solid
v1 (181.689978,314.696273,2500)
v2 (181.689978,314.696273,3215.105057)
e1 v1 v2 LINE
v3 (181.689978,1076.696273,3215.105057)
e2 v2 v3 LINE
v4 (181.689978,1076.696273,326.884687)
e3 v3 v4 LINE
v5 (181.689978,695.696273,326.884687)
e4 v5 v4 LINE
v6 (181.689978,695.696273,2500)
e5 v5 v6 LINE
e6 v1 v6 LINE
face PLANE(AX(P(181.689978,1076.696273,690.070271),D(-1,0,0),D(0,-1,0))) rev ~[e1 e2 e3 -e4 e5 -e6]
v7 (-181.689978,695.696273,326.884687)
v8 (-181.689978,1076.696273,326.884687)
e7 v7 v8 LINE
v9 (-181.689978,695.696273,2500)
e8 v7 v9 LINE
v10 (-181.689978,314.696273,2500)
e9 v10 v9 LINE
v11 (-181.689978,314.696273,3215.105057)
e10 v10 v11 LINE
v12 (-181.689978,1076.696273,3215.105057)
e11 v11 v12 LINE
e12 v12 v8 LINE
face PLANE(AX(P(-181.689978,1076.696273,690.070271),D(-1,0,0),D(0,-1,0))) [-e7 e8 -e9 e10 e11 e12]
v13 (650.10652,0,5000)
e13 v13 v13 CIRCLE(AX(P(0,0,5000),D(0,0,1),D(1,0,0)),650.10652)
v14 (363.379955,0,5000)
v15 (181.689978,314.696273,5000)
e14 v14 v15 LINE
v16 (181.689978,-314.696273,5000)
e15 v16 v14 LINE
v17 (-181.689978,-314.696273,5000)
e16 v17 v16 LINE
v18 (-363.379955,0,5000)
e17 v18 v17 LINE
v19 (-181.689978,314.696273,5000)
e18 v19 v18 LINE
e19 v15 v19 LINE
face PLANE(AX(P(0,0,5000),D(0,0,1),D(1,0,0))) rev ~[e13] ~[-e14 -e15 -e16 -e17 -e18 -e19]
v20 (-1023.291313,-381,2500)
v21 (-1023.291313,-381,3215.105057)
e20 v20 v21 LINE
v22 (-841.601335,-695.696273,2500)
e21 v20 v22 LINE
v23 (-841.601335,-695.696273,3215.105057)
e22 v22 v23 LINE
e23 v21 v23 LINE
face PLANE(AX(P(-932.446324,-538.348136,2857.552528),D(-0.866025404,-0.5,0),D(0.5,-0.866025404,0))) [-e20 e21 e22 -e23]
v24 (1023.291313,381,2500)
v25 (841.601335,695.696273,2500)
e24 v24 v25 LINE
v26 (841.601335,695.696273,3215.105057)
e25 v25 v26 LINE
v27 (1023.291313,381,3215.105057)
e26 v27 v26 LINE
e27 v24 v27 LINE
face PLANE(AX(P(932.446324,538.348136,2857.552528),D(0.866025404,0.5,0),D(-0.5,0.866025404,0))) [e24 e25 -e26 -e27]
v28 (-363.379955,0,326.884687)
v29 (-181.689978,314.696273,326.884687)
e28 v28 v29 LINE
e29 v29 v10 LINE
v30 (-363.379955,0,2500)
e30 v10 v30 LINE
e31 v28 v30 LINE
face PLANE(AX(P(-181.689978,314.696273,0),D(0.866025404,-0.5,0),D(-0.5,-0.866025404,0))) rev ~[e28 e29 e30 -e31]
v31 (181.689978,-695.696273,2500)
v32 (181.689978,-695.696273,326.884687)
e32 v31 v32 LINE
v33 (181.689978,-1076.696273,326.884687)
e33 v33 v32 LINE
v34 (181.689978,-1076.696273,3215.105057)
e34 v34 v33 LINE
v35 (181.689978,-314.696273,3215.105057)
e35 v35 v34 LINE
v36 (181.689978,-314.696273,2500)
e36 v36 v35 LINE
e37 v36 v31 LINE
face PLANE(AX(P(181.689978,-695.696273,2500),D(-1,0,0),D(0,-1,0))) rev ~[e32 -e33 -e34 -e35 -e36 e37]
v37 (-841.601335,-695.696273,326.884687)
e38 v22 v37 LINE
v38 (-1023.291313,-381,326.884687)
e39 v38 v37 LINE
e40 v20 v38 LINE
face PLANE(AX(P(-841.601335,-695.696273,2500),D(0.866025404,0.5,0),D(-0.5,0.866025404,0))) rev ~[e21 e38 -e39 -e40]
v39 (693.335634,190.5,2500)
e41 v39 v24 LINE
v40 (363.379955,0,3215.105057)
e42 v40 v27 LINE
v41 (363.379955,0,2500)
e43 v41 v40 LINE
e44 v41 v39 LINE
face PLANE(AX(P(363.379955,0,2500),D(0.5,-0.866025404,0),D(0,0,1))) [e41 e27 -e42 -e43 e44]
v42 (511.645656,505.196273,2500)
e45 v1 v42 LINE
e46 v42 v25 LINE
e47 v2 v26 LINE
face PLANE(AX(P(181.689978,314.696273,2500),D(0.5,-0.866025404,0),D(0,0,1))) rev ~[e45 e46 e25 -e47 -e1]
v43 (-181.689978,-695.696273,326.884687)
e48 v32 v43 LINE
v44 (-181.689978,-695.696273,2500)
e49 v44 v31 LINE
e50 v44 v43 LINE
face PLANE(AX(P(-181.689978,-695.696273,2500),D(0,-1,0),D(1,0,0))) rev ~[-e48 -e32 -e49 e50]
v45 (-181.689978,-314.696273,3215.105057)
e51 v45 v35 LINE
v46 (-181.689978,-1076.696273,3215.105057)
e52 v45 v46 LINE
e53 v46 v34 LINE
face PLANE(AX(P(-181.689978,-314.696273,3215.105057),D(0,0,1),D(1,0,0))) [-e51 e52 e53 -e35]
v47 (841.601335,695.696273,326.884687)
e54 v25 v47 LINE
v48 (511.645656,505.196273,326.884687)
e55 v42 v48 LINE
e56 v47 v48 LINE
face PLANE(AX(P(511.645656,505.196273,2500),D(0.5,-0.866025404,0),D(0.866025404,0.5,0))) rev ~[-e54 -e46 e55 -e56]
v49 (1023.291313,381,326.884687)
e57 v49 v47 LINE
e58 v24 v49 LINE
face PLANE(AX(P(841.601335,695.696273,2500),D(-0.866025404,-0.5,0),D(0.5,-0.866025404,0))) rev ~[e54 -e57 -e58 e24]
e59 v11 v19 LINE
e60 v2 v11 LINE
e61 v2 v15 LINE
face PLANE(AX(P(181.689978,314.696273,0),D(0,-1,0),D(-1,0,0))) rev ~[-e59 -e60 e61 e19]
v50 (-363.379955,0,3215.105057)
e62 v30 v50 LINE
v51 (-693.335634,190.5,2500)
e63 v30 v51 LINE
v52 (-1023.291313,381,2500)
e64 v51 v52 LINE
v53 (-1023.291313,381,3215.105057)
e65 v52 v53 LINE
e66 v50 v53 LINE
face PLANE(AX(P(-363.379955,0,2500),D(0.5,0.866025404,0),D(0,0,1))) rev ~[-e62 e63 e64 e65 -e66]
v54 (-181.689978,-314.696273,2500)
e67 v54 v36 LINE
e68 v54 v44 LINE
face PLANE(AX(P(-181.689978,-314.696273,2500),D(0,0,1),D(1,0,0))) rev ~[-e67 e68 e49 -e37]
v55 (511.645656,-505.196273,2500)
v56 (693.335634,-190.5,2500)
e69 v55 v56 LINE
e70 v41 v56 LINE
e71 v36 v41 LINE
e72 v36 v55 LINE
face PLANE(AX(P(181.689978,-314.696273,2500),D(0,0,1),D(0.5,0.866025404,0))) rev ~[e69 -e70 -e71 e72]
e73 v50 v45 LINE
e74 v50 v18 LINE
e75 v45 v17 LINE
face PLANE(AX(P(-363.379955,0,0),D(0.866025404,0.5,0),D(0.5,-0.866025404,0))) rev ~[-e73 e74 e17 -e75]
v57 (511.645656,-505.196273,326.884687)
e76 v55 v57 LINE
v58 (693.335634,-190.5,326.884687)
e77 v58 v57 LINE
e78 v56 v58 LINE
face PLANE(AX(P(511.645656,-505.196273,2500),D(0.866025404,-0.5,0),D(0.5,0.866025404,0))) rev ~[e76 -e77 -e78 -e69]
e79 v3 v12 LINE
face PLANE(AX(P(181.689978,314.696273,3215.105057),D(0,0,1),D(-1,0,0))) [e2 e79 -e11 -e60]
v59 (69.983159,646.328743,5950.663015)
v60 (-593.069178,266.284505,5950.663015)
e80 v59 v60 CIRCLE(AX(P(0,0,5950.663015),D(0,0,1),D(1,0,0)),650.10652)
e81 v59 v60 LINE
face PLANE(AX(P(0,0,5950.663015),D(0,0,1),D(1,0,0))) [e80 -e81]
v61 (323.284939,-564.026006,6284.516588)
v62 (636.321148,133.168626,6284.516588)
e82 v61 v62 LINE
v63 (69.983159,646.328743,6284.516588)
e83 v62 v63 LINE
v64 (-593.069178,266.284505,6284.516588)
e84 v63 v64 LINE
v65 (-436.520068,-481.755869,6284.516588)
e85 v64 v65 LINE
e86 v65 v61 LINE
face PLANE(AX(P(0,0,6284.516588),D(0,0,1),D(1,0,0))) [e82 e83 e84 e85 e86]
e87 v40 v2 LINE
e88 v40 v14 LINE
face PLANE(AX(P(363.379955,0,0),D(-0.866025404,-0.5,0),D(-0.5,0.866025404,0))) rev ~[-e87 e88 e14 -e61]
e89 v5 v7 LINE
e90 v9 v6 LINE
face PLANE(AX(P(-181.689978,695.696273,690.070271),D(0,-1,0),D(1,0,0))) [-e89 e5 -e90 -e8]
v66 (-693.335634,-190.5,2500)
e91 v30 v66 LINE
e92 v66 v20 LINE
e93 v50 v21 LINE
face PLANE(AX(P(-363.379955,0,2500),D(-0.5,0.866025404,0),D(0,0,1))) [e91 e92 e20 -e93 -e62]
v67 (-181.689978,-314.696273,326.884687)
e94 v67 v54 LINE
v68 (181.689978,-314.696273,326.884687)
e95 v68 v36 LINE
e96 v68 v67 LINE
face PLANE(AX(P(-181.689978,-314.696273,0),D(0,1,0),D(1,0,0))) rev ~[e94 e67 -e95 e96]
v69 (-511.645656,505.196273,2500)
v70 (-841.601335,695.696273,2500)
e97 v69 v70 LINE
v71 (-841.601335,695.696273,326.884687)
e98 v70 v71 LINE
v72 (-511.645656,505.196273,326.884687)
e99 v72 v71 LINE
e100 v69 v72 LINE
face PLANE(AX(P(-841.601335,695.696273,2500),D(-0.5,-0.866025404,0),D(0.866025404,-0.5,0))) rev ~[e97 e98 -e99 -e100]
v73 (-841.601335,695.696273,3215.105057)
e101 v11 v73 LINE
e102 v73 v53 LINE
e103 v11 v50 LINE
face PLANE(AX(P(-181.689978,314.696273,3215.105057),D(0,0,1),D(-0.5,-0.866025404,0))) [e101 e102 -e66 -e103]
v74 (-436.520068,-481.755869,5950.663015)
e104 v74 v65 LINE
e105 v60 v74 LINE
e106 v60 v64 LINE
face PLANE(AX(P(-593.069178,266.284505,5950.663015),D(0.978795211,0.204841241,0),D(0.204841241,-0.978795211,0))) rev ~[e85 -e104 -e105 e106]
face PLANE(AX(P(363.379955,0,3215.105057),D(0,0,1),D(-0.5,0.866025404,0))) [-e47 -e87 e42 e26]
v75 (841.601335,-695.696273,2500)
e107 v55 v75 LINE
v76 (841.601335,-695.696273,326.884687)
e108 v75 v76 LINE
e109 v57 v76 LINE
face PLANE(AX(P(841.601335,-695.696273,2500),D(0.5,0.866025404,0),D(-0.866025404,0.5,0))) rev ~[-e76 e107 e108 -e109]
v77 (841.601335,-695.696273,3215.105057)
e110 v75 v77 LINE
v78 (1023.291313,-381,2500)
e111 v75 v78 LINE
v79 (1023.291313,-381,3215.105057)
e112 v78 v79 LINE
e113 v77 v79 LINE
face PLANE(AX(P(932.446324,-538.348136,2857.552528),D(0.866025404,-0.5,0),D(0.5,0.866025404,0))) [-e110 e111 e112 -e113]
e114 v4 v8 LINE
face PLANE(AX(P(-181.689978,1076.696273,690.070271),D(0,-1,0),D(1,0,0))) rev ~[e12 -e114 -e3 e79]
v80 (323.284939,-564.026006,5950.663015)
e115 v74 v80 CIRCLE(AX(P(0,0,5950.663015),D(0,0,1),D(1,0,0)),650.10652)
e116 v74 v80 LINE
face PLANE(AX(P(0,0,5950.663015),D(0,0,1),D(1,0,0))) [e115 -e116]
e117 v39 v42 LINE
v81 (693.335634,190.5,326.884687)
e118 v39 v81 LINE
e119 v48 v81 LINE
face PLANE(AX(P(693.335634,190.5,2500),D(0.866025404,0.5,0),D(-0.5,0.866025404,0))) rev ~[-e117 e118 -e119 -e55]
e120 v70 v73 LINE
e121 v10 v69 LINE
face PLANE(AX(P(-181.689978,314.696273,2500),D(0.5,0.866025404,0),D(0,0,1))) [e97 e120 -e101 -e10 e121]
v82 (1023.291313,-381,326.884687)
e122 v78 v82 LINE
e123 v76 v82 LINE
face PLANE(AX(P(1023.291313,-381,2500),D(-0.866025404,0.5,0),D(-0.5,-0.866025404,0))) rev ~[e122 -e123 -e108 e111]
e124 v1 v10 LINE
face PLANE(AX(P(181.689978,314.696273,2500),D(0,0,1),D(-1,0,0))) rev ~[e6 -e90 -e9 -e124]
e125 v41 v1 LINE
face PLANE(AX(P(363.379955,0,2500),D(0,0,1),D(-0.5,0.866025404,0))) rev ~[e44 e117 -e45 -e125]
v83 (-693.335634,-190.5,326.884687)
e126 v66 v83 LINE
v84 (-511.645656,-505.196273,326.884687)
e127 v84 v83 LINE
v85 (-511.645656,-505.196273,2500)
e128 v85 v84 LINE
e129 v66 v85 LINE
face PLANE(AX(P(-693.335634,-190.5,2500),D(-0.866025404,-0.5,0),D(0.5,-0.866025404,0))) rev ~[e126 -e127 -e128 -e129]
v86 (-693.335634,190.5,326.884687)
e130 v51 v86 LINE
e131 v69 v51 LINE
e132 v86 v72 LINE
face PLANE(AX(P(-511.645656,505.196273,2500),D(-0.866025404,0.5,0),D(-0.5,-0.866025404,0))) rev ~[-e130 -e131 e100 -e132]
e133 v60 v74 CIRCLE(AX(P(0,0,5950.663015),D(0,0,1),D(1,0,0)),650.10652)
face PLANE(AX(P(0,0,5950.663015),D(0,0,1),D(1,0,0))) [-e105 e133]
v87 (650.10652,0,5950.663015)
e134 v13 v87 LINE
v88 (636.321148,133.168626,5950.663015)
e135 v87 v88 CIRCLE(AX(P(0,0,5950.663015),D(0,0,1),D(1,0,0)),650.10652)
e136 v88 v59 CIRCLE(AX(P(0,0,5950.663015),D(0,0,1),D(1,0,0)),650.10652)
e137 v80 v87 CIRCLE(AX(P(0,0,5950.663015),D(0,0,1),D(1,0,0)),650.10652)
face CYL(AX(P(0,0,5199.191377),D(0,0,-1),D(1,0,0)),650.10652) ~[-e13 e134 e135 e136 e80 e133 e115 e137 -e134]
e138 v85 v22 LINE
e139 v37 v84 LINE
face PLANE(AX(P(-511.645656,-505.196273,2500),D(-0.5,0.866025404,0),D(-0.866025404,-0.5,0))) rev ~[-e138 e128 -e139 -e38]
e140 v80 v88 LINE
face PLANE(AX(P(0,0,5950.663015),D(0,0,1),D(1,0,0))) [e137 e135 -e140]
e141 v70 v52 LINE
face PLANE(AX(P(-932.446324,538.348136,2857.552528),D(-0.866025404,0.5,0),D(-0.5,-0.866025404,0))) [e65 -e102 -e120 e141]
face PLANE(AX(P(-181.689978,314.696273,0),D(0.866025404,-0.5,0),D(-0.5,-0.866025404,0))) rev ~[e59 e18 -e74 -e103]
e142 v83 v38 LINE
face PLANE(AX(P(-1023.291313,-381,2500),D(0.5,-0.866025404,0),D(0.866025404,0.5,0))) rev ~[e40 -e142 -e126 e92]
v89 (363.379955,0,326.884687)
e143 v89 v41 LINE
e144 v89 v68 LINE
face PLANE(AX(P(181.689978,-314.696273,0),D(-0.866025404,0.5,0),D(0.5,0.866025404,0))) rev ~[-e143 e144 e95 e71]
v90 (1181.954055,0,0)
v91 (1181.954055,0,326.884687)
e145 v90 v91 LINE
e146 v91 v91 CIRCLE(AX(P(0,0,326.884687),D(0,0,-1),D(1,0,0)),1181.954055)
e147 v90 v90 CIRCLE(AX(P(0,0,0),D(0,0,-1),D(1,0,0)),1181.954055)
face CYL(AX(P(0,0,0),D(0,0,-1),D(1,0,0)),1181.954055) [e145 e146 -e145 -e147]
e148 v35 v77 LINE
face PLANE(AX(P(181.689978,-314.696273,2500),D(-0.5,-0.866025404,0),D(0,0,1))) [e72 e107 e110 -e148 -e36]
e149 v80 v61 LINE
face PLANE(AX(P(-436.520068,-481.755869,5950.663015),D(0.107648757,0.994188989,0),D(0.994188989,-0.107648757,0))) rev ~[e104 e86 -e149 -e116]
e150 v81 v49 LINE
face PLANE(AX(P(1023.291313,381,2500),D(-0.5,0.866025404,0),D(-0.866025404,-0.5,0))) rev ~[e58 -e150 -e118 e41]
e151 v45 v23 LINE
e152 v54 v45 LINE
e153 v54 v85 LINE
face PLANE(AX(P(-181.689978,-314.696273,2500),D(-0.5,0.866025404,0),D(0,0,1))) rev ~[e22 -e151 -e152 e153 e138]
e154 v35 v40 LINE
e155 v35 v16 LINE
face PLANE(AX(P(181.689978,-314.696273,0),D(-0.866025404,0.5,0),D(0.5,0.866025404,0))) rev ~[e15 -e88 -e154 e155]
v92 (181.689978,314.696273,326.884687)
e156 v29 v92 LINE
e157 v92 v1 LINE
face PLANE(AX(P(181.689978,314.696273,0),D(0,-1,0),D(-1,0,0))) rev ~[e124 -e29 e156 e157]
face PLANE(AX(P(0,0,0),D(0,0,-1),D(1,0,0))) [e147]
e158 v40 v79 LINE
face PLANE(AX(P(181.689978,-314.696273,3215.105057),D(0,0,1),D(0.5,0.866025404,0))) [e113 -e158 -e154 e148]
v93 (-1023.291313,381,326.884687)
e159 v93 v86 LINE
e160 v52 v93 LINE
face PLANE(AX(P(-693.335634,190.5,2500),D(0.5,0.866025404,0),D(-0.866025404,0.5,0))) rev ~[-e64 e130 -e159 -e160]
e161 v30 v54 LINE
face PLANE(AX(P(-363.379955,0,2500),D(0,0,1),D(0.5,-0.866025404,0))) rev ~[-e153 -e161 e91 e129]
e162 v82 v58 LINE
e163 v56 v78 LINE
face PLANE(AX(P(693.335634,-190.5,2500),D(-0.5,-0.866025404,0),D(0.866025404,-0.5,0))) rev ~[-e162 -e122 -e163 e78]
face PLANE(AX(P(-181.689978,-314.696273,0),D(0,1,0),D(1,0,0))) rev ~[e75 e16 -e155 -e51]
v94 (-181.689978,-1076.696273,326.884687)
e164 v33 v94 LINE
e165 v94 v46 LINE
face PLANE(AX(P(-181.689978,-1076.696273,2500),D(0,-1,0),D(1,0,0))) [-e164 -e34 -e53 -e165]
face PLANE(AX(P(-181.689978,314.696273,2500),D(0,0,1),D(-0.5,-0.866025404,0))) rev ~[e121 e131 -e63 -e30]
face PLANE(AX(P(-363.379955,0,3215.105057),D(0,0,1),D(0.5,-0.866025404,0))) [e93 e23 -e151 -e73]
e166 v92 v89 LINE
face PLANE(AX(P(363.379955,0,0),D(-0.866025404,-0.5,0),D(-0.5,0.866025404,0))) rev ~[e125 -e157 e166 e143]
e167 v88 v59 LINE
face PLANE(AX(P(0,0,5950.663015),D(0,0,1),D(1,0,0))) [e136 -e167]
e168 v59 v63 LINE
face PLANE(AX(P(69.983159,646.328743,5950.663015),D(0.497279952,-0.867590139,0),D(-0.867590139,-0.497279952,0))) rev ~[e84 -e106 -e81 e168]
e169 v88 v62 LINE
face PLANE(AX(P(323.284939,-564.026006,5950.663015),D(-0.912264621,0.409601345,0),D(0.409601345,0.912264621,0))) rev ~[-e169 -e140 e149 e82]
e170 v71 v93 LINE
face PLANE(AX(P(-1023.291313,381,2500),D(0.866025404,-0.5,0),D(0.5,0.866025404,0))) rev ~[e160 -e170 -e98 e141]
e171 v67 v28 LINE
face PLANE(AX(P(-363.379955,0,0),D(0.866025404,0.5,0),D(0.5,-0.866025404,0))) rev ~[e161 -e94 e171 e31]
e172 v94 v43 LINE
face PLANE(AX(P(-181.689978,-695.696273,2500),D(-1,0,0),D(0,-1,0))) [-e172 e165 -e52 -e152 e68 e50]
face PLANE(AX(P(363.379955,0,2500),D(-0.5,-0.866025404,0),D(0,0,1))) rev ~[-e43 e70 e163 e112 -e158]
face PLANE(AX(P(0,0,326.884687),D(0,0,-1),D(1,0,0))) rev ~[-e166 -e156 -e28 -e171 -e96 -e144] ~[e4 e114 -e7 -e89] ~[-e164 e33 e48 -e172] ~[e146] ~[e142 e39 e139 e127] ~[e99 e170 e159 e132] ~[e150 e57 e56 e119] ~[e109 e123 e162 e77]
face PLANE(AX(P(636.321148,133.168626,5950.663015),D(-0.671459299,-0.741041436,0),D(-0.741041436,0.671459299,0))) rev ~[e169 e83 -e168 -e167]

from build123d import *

# Parameters (mm, degrees)
F1_DEPTH  = 5000
F2_R      = 650.1065196221
F3_DEPTH  = 199.1913765669
F4_W      = 363.3799552917
F4_H      = 715.1050567627
F5_DEPTH  = 762
F6_W      = 363.3799552917
F6_H      = 715.1050567627
F7_DEPTH  = 762
F8_W      = 363.3799552917
F8_H      = 715.1050567627
F9_DEPTH  = 762
F10_W     = 363.3799552917
F10_H     = 715.1050567627
F11_DEPTH = 762
F12_W     = 363.3799552917
F12_H     = 715.1050567627
F13_DEPTH = 762
F14_W     = 363.3799552917
F14_H     = 715.1050567627
F15_DEPTH = 762
F16_R     = 1181.954054991
F17_DEPTH = 326.8846869469
F18_W     = 363.3799552917
F18_H     = 381
F19_DEPTH = 1809.929728508
F22_W     = 363.3799552917
F22_H     = 381
F24_DEPTH = 2253.7569999695
F25_DEPTH = 666.8158769608
F27_DEPTH = 2417.5355434418
F28_DEPTH = 751.4716386795
F30_DEPTH = 333.853572607


with BuildPart() as f1:
    # F0 (on Top) → F1 (new body)
    with BuildSketch(Plane.XY):
        Polygon((181.6899776459, -314.6962725087), (363.3799552917, 0), (181.6899776459, 314.6962725087), (-181.6899776459, 314.6962725087), (-363.3799552917, 0), (-181.6899776459, -314.6962725087), align=None)
    extrude(amount=F1_DEPTH)

    # F2 (on face) → F3 (join)
    with BuildSketch(Plane.XY.offset(5000)):
        Circle(F2_R)
    extrude(amount=F3_DEPTH)

    # F4 (on face) → F5 (join)
    with BuildSketch(Plane(origin=(272.5349664688, -157.3481362544, 0), x_dir=(0.5, 0.8660254038, 0), z_dir=(0.8660254038, -0.5, 0))):
        with Locations((0, 2857.5525283813)):
            Rectangle(F4_W, F4_H)
    extrude(amount=F5_DEPTH)

    # F6 (on face) → F7 (join)
    with BuildSketch(Plane(origin=(272.5349664688, 157.3481362544, 0), x_dir=(-0.5, 0.8660254038, 0), z_dir=(0.8660254038, 0.5, 0))):
        with Locations((0, 2857.5525283813)):
            Rectangle(F6_W, F6_H)
    extrude(amount=F7_DEPTH)

    # F8 (on face) → F9 (join)
    with BuildSketch(Plane(origin=(0, 314.6962725087, 0), x_dir=(-1, 0, 0), z_dir=(0, 1, 0))):
        with Locations((0, 2857.5525283813)):
            Rectangle(F8_W, F8_H)
    extrude(amount=F9_DEPTH)

    # F10 (on face) → F11 (join)
    with BuildSketch(Plane(origin=(-272.5349664688, 157.3481362544, 0), x_dir=(-0.5, -0.8660254038, 0), z_dir=(-0.8660254038, 0.5, 0))):
        with Locations((0, 2857.5525283813)):
            Rectangle(F10_W, F10_H)
    extrude(amount=F11_DEPTH)

    # F12 (on face) → F13 (join)
    with BuildSketch(Plane.XZ.offset(314.6962725087)):
        with Locations((0, 2857.5525283813)):
            Rectangle(F12_W, F12_H)
    extrude(amount=F13_DEPTH)

    # F14 (on face) → F15 (join)
    with BuildSketch(Plane(origin=(-272.5349664688, -157.3481362544, 0), x_dir=(0.5, -0.8660254038, 0), z_dir=(-0.8660254038, -0.5, 0))):
        with Locations((0, 2857.5525283813)):
            Rectangle(F14_W, F14_H)
    extrude(amount=F15_DEPTH)

    # F16 (on face) → F17 (join)
    with BuildSketch(Plane(origin=(0, 0, 0), x_dir=(1, 0, 0), z_dir=(0, 0, -1))):
        Circle(F16_R)
    extrude(amount=-F17_DEPTH)

    # F18 (on face) → F19 (join)
    with BuildSketch(Plane(origin=(0, 0, 2500), x_dir=(1, 0, 0), z_dir=(0, 0, -1))):
        with Locations((0, -886.1962725087)):
            Rectangle(F18_W, F18_H)
    extrude(amount=F19_DEPTH)

    # F20 (on face) + F23 (on face) + F22 (on face) + F21 (on face) → F24 (join)
    with BuildSketch(Plane(origin=(0, 0, 2500), x_dir=(1, 0, 0), z_dir=(0, 0, -1))):
        Polygon((1023.2913129755, -381), (693.3356341336, -190.5), (511.6456564877, -505.1962725087), (841.6013353296, -695.6962725087), align=None)
    with BuildSketch(Plane(origin=(0, 0, 2500), x_dir=(1, 0, 0), z_dir=(0, 0, -1))):
        Polygon((-693.3356341336, 190.5), (-511.6456564877, 505.1962725087), (-841.6013353296, 695.6962725087), (-1023.2913129755, 381), align=None)
    with BuildSketch(Plane(origin=(0, 0, 2500), x_dir=(1, 0, 0), z_dir=(0, 0, -1))):
        with Locations((0, 886.1962725087)):
            Rectangle(F22_W, F22_H)
    with BuildSketch(Plane(origin=(0, 0, 2500), x_dir=(1, 0, 0), z_dir=(0, 0, -1))):
        Polygon((841.6013353296, 695.6962725087), (511.6456564877, 505.1962725087), (693.3356341336, 190.5), (1023.2913129755, 381), align=None)
    extrude(amount=F24_DEPTH)

    # F25 (add): a face of the model
    f25_faces = [f1.faces().sort_by_distance(p)[0] for p in [
        (0, 886.1962725087, 690.070271492),
    ]]
    extrude(f25_faces, amount=F25_DEPTH)

    # F26 (on face) → F27 (join)
    with BuildSketch(Plane(origin=(0, 0, 2500), x_dir=(1, 0, 0), z_dir=(0, 0, -1))):
        Polygon((-841.6013353296, -695.6962725087), (-511.6456564877, -505.1962725087), (-693.3356341336, -190.5), (-1023.2913129755, -381), align=None)
    extrude(amount=F27_DEPTH)

    # F28 (add): a face of the model
    f28_faces = [f1.faces().sort_by_distance(p)[0] for p in [
        (0, 0, 5199.1913765669),
    ]]
    extrude(f28_faces, amount=F28_DEPTH)

    # F29 (on face) → F30 (join)
    with BuildSketch(Plane.XY.offset(5950.6630152464)):
        Polygon((69.9831587504, 646.3287432464), (-593.0691775594, 266.2845047766), (-436.5200681621, -481.755868617), (323.2849386638, -564.0260058616), (636.3211483072, 133.1686264556), align=None)
    extrude(amount=F30_DEPTH)


solid = f1.part
